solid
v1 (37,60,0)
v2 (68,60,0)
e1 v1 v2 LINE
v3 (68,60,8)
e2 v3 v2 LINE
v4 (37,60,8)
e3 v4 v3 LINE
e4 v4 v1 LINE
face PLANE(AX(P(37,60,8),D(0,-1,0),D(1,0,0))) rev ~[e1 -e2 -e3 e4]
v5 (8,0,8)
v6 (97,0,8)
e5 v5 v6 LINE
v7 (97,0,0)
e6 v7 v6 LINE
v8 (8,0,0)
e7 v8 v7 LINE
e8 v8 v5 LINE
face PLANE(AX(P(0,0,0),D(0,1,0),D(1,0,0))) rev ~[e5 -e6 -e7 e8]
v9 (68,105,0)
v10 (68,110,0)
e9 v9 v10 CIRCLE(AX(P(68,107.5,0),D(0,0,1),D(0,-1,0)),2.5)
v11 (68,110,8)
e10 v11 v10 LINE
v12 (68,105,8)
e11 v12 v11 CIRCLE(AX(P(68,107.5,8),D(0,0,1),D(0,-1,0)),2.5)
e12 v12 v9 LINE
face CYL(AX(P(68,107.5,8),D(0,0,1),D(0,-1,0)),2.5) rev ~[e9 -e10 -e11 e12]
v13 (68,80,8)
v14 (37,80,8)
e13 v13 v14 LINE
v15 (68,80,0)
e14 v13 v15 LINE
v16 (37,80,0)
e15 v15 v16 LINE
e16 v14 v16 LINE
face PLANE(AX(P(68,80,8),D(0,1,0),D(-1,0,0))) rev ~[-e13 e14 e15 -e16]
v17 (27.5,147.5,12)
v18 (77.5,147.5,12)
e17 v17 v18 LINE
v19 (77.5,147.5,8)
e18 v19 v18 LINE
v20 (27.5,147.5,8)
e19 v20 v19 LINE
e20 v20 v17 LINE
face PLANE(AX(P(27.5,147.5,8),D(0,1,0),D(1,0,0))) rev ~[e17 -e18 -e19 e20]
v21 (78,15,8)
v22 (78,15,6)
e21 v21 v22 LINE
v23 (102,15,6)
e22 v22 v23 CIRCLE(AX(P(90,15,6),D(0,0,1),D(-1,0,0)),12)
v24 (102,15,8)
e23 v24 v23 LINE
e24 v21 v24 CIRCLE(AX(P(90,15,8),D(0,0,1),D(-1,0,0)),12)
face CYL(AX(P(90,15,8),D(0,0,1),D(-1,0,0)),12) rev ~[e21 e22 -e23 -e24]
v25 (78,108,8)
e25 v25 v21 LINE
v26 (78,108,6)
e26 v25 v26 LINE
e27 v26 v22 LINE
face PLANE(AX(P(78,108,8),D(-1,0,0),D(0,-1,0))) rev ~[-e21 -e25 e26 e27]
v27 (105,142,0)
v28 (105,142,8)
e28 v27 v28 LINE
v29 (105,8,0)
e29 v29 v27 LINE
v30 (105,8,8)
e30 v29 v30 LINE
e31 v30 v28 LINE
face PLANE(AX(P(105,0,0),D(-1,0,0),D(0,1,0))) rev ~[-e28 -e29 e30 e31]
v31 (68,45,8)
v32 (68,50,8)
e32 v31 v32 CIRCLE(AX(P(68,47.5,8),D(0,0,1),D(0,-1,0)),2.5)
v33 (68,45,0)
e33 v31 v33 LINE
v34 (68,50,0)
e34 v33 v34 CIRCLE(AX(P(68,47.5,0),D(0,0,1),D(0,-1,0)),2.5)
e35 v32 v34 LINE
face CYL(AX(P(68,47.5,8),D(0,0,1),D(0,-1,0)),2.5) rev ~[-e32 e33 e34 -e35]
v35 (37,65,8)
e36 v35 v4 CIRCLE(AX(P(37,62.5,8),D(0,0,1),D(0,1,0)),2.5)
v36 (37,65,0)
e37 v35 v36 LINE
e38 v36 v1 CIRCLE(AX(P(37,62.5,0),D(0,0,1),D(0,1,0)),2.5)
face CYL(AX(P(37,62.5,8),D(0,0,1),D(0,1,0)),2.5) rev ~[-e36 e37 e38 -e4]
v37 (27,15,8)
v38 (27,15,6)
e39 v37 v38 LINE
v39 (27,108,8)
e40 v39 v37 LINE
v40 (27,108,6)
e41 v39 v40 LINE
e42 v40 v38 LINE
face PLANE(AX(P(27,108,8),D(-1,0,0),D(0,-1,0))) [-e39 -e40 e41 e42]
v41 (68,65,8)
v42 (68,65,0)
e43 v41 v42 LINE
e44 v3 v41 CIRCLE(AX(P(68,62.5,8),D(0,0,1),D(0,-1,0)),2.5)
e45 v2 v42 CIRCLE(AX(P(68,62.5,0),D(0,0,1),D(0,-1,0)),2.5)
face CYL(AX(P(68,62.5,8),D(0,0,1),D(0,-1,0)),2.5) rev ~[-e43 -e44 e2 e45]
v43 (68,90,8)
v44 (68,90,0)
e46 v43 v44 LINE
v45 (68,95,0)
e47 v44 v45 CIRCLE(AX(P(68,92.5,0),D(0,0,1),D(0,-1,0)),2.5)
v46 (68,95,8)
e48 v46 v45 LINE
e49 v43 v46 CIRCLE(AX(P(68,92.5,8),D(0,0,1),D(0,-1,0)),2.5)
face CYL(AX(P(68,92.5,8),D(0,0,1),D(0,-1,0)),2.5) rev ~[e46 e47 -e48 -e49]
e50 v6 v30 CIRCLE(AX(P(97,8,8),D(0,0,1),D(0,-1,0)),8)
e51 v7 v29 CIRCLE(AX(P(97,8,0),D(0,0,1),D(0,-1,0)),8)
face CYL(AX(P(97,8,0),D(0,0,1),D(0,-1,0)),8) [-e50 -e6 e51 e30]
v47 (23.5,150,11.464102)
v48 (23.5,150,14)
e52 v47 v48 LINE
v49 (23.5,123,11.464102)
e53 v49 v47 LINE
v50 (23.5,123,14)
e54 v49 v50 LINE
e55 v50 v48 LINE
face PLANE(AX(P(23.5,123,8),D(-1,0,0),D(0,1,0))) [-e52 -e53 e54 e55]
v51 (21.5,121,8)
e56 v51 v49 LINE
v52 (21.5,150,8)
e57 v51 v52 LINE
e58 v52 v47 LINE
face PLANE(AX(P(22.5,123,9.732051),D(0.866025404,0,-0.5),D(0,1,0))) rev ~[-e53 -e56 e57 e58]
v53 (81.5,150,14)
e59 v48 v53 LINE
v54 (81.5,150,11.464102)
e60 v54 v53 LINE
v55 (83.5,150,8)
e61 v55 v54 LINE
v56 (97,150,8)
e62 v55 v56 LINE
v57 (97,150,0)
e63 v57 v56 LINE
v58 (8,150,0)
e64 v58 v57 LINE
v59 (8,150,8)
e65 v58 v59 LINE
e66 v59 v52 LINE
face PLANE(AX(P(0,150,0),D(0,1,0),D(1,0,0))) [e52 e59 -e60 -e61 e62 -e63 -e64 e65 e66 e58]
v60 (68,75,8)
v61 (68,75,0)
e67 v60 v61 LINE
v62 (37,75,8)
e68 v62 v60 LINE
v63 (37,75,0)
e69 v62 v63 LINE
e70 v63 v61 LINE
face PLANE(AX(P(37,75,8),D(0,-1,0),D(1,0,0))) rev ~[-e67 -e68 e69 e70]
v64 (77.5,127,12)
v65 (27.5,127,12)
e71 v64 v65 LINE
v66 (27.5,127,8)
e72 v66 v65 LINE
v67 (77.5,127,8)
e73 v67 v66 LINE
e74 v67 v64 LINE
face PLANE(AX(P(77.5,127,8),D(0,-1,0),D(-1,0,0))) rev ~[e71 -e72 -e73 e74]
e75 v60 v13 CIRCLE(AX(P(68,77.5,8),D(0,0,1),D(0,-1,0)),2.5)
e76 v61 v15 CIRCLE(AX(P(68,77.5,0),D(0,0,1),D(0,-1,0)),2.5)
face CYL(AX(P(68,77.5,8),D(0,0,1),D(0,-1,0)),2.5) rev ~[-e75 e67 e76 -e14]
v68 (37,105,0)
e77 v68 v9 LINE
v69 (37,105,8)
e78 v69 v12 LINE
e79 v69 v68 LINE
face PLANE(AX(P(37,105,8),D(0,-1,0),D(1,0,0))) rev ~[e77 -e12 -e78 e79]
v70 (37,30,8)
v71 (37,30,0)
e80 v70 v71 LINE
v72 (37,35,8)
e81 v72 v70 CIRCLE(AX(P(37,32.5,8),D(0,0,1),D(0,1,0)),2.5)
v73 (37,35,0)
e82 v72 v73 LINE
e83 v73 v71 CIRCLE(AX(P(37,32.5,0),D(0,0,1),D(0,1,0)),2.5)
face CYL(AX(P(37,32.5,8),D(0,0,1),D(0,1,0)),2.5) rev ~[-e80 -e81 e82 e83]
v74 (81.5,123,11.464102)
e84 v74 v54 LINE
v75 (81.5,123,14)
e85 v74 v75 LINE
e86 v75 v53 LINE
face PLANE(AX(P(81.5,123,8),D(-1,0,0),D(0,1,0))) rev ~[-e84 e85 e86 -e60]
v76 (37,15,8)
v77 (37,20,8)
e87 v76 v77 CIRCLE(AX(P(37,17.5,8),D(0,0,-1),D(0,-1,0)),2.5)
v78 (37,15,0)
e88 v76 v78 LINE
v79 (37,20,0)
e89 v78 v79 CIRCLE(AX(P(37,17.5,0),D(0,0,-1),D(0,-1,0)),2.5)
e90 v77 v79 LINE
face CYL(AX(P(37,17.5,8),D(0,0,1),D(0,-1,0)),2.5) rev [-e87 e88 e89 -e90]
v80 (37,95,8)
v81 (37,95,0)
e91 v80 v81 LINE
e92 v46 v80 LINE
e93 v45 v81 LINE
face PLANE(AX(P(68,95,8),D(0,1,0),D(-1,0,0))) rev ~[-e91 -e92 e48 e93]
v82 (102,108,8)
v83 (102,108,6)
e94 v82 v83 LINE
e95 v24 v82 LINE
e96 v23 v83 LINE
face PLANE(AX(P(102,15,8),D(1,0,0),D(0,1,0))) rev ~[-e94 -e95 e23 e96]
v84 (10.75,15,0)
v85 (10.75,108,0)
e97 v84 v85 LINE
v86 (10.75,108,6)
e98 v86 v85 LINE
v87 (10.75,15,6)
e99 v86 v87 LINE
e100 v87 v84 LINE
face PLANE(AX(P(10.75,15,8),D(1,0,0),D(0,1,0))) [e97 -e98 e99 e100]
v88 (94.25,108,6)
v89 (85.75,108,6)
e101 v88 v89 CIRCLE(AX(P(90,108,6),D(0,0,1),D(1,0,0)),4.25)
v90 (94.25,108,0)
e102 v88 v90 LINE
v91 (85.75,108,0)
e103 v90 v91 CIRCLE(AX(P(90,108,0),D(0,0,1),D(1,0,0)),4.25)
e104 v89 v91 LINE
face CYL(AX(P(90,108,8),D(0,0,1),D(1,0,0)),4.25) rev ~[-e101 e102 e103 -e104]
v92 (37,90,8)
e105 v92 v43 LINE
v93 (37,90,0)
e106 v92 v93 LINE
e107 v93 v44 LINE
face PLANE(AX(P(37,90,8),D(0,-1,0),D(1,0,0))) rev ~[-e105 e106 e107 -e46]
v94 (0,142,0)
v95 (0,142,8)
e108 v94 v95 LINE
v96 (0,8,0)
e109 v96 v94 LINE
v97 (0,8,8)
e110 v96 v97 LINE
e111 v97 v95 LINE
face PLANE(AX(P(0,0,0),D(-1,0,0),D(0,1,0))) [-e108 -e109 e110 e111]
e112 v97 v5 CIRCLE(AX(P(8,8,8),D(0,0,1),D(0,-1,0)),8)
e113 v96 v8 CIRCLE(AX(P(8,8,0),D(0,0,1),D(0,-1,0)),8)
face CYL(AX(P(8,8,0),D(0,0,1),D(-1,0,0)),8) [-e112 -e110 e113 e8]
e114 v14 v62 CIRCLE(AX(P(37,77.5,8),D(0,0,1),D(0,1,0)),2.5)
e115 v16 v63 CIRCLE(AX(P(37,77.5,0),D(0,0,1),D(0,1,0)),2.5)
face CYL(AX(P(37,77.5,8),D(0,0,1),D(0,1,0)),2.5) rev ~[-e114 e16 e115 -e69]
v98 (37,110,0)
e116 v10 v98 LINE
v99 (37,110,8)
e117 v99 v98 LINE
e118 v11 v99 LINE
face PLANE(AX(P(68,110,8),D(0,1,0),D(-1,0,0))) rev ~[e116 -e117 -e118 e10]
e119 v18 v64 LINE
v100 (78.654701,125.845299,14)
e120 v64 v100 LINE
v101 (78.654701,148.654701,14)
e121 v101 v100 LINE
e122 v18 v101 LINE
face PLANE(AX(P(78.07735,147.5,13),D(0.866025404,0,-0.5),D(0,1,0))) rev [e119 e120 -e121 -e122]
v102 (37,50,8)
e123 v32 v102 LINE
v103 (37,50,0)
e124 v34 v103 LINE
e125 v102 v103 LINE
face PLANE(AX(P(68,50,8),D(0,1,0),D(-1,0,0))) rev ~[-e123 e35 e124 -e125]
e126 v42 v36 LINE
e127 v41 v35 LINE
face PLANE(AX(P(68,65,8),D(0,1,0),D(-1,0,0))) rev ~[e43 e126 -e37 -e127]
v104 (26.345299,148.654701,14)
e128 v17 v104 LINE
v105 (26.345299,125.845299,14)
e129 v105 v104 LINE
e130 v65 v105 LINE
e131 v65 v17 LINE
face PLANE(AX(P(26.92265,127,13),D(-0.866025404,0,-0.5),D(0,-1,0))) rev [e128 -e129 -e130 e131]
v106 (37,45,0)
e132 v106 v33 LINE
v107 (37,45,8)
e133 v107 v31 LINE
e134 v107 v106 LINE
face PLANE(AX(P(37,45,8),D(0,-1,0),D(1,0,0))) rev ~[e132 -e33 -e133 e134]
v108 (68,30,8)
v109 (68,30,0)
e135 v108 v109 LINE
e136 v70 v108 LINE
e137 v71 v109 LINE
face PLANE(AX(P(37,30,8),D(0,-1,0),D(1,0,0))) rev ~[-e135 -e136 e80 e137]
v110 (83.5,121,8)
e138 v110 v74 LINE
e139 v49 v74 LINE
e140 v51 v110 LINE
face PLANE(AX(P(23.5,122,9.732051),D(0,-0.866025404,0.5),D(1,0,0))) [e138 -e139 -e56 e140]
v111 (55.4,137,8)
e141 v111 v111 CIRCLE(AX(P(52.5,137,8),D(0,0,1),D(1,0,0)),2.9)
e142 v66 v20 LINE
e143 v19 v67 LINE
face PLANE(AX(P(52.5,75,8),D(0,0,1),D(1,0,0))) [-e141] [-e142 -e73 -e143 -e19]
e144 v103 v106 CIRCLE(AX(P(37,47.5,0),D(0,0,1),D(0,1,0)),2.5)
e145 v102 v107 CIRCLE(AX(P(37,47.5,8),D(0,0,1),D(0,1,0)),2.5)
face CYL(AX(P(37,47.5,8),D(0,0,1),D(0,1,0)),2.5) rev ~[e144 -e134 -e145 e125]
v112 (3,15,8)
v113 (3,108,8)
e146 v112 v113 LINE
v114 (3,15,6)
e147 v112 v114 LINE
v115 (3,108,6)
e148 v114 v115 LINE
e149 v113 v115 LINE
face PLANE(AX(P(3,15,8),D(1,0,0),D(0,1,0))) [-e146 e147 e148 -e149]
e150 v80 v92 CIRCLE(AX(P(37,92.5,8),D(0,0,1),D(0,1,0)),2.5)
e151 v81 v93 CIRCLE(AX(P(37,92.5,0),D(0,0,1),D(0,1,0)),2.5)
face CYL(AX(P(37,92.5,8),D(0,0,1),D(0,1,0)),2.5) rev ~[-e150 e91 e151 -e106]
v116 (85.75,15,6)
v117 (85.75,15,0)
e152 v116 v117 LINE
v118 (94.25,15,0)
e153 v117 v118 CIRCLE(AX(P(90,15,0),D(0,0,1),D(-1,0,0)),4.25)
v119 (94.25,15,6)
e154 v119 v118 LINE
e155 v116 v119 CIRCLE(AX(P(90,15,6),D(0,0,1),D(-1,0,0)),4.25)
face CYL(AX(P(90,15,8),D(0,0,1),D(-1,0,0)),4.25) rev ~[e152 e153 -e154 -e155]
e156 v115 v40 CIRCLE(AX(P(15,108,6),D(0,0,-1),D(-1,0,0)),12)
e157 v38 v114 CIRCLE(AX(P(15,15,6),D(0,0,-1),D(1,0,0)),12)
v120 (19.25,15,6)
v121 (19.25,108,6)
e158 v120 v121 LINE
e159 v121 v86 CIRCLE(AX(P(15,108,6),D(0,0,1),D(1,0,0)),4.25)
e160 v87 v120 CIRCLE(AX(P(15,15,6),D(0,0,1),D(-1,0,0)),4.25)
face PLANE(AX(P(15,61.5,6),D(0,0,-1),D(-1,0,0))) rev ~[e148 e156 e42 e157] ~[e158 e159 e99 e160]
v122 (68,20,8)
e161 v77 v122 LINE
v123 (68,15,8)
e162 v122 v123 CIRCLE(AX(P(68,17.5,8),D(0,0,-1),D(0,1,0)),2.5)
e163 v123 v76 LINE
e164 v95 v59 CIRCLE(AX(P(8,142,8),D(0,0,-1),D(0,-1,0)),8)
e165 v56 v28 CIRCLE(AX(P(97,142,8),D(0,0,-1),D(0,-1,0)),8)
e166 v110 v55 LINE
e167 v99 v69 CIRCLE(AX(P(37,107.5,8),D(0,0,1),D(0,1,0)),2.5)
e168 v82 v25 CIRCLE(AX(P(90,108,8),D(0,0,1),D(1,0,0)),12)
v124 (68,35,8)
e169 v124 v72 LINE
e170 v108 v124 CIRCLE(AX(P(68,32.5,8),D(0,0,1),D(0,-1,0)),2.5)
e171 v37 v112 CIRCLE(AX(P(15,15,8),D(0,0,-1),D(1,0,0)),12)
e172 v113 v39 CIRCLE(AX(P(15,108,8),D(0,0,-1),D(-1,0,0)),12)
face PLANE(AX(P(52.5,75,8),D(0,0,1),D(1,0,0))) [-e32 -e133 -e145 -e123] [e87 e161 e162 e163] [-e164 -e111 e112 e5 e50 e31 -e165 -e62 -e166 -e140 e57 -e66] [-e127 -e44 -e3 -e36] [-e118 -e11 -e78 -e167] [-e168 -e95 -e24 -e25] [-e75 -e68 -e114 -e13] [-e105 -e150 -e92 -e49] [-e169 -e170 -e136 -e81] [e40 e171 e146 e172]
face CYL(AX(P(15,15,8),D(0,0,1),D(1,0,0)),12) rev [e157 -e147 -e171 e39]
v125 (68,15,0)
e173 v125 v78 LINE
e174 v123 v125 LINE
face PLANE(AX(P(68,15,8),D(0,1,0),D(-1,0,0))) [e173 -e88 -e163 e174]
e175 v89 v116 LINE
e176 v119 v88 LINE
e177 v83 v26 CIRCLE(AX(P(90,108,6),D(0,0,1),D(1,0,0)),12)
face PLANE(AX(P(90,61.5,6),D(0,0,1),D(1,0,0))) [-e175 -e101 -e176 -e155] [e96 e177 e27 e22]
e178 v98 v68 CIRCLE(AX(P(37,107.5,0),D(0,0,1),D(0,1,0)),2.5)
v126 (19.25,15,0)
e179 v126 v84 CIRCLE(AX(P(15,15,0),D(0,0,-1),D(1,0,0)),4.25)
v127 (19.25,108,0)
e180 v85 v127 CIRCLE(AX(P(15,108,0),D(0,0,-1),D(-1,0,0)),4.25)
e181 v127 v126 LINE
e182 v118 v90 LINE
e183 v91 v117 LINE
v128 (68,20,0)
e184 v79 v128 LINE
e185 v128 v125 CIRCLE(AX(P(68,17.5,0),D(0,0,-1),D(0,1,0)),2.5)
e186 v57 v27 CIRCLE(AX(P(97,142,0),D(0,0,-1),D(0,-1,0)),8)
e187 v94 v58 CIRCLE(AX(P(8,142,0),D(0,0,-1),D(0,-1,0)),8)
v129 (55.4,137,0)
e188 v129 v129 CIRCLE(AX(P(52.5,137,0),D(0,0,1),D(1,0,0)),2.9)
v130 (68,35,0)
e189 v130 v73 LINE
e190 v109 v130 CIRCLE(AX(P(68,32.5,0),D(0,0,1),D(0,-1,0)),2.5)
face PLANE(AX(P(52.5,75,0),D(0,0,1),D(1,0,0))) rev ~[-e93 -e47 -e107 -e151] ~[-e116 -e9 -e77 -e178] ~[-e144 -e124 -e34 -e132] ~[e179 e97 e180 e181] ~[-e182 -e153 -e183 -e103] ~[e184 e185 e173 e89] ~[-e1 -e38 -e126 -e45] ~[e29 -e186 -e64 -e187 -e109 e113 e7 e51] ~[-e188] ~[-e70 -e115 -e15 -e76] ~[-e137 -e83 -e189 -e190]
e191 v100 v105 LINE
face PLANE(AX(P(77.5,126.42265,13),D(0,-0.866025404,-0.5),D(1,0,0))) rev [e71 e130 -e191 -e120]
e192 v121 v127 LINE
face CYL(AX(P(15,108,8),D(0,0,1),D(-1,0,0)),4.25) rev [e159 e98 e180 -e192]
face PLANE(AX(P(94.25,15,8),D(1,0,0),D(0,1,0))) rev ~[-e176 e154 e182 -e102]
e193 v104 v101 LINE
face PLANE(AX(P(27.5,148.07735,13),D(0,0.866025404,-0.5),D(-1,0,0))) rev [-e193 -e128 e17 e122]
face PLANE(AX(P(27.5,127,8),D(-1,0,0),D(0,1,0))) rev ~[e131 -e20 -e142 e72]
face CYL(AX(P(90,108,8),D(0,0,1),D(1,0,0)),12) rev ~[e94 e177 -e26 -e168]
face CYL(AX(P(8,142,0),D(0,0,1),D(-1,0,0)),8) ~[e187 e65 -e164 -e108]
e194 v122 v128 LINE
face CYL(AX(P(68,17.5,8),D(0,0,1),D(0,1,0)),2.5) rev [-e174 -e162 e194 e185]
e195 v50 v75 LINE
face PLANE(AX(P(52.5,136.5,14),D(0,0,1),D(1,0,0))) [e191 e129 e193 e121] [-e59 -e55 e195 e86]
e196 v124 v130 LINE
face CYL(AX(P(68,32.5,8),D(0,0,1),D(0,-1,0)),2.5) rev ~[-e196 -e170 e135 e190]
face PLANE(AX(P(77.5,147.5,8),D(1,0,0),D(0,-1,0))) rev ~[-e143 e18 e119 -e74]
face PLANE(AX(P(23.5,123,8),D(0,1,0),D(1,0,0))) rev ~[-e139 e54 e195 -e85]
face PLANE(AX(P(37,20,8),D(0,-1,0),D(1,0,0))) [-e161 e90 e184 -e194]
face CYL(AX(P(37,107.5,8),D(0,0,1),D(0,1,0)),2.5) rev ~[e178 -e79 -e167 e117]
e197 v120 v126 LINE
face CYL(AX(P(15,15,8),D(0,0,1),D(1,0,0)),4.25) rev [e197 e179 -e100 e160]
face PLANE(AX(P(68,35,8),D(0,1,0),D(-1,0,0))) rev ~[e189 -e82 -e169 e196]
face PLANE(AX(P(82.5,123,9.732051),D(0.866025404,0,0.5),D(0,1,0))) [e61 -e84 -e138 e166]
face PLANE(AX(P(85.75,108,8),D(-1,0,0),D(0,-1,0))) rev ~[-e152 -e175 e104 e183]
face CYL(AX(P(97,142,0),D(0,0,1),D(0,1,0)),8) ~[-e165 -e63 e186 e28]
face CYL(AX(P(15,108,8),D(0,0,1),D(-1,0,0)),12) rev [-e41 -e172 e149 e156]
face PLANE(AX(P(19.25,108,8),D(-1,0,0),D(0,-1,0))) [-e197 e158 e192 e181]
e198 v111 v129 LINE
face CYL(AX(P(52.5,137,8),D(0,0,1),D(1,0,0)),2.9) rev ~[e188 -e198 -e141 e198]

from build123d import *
from OCP.BRepFilletAPI import BRepFilletAPI_MakeChamfer

# Parameters (mm, degrees)
CROQUIS1_W              = 105
CROQUIS1_H              = 150
SALIENTE_EXTRUIR1_DEPTH = 8
CROQUIS2_R              = 2.9
CORTAR_EXTRUIR4_DEPTH   = 8
CROQUIS3_W              = 58
CROQUIS3_H              = 27
SALIENTE_EXTRUIR2_DEPTH = 6
REDONDEO1_R             = 8
REDONDEO2_R             = 8
REDONDEO3_R             = 8
REDONDEO4_R             = 8
CORTAR_EXTRUIR5_DEPTH   = 2
CHAFL_N1_SIZE           = 2
CHAFL_N1_SIZE2          = 1.154700538
CHAFL_N2_SIZE           = 2
CHAFL_N2_SIZE2          = 3.464101615
CORTAR_EXTRUIR6_DEPTH   = 8


with BuildPart() as part:
    # Croquis1 → Saliente-Extruir1 (new body)
    with BuildSketch(Plane.XY):
        with Locations((52.5, 75)):
            Rectangle(CROQUIS1_W, CROQUIS1_H)
    extrude(amount=SALIENTE_EXTRUIR1_DEPTH)

    # Croquis2 → Cortar-Extruir4 (cut)
    with BuildSketch(Plane.XY.offset(8)):
        with Locations((52.5, 137)):
            Circle(CROQUIS2_R)
        with BuildLine():
            Line((19.25, 108), (19.25, 15))
            ThreePointArc((19.25, 15), (15, 10.75), (10.75, 15))
            Line((10.75, 15), (10.75, 108))
            ThreePointArc((10.75, 108), (15, 112.25), (19.25, 108))
        make_face()
        with BuildLine():
            Line((85.75, 108), (85.75, 15))
            ThreePointArc((85.75, 15), (90, 10.75), (94.25, 15))
            Line((94.25, 15), (94.25, 108))
            ThreePointArc((94.25, 108), (90, 112.25), (85.75, 108))
        make_face()
    extrude(amount=-CORTAR_EXTRUIR4_DEPTH, mode=Mode.SUBTRACT)

    # Croquis3 → Saliente-Extruir2 (add)
    with BuildSketch(Plane.XY.offset(8)):
        with Locations((52.5, 136.5)):
            Rectangle(CROQUIS3_W, CROQUIS3_H)
        Polygon((77.5, 127), (52.5, 127), (27.5, 127), (27.5, 147.5), (77.5, 147.5), align=None, mode=Mode.SUBTRACT)
    extrude(amount=SALIENTE_EXTRUIR2_DEPTH)

    # Redondeo1
    redondeo1_edges = [part.edges().sort_by_distance(p)[0] for p in [
        (0, 150, 4),
    ]]
    fillet(redondeo1_edges, radius=REDONDEO1_R)

    # Redondeo2
    redondeo2_edges = [part.edges().sort_by_distance(p)[0] for p in [
        (105, 150, 4),
    ]]
    fillet(redondeo2_edges, radius=REDONDEO2_R)

    # Redondeo3
    redondeo3_edges = [part.edges().sort_by_distance(p)[0] for p in [
        (0, 0, 4),
    ]]
    fillet(redondeo3_edges, radius=REDONDEO3_R)

    # Redondeo4
    redondeo4_edges = [part.edges().sort_by_distance(p)[0] for p in [
        (105, 0, 4),
    ]]
    fillet(redondeo4_edges, radius=REDONDEO4_R)

    # Croquis4 → Cortar-Extruir5 (cut)
    # profile 1 of 2: a face of its own
    with BuildSketch(Plane.XY.offset(8)):
        with BuildLine():
            Line((27, 108), (27, 15))
            ThreePointArc((27, 15), (15, 3), (3, 15))
            Line((3, 15), (3, 108))
            ThreePointArc((3, 108), (15, 120), (27, 108))
        make_face()
        with BuildLine():
            Line((10.75, 108), (10.75, 15))
            ThreePointArc((10.75, 15), (15, 10.75), (19.25, 15))
            Line((19.25, 15), (19.25, 108))
            ThreePointArc((19.25, 108), (15, 112.25), (10.75, 108))
        make_face(mode=Mode.SUBTRACT)
    # profile 2 of 2: a face of its own
    with BuildSketch(Plane.XY.offset(8)):
        with BuildLine():
            Line((78, 108), (78, 15))
            ThreePointArc((78, 15), (90, 3), (102, 15))
            Line((102, 15), (102, 108))
            ThreePointArc((102, 108), (90, 120), (78, 108))
        make_face()
        with BuildLine():
            Line((85.75, 108), (85.75, 15))
            ThreePointArc((85.75, 15), (90, 10.75), (94.25, 15))
            Line((94.25, 15), (94.25, 108))
            ThreePointArc((94.25, 108), (90, 112.25), (85.75, 108))
        make_face(mode=Mode.SUBTRACT)
    extrude(amount=-CORTAR_EXTRUIR5_DEPTH, mode=Mode.SUBTRACT)

    # Chaflán1: one chamfer whose edges measure the first distance from different faces: ONE call of the kernel's chamfer builder (chamfer() names one face for all edges)
    chafl_n1_edges_1 = [part.edges().sort_by_distance(p)[0] for p in [
        (52.5, 127, 14),
    ]]
    chafl_n1_side_1 = [part.faces().sort_by_distance(p)[0] for p in [
        (52.5, 127, 11),
    ]]
    chafl_n1_edges_2 = [part.edges().sort_by_distance(p)[0] for p in [
        (27.5, 137.25, 14),
    ]]
    chafl_n1_side_2 = [part.faces().sort_by_distance(p)[0] for p in [
        (27.5, 137.25, 11),
    ]]
    chafl_n1_edges_3 = [part.edges().sort_by_distance(p)[0] for p in [
        (52.5, 147.5, 14),
    ]]
    chafl_n1_side_3 = [part.faces().sort_by_distance(p)[0] for p in [
        (52.5, 147.5, 11),
    ]]
    chafl_n1_edges_4 = [part.edges().sort_by_distance(p)[0] for p in [
        (77.5, 137.25, 14),
    ]]
    chafl_n1_side_4 = [part.faces().sort_by_distance(p)[0] for p in [
        (77.5, 137.25, 11),
    ]]
    chafl_n1 = BRepFilletAPI_MakeChamfer(part.part.solid().wrapped)
    for e in chafl_n1_edges_1:
        chafl_n1.Add(CHAFL_N1_SIZE, CHAFL_N1_SIZE2, e.wrapped, chafl_n1_side_1[0].wrapped)  # the first distance lies on this face
    for e in chafl_n1_edges_2:
        chafl_n1.Add(CHAFL_N1_SIZE, CHAFL_N1_SIZE2, e.wrapped, chafl_n1_side_2[0].wrapped)  # the first distance lies on this face
    for e in chafl_n1_edges_3:
        chafl_n1.Add(CHAFL_N1_SIZE, CHAFL_N1_SIZE2, e.wrapped, chafl_n1_side_3[0].wrapped)  # the first distance lies on this face
    for e in chafl_n1_edges_4:
        chafl_n1.Add(CHAFL_N1_SIZE, CHAFL_N1_SIZE2, e.wrapped, chafl_n1_side_4[0].wrapped)  # the first distance lies on this face
    add(Compound.cast(chafl_n1.Shape()), mode=Mode.REPLACE)

    # Chaflán2
    chafl_n2_edges = [part.edges().sort_by_distance(p)[0] for p in [
        (52.5, 123, 8),
        (81.5, 136.5, 8),
        (23.5, 136.5, 8),
    ]]
    chafl_n2_side = [part.faces().sort_by_distance(p)[0] for p in [
        (52.5, 72.279712642, 8),
    ]]
    chamfer(chafl_n2_edges, length=CHAFL_N2_SIZE, length2=CHAFL_N2_SIZE2, reference=chafl_n2_side[0])

    # Croquis6 → Cortar-Extruir6 (cut)
    with BuildSketch(Plane.XY.offset(8)):
        with BuildLine():
            Line((37, 20), (68, 20))
            ThreePointArc((68, 20), (70.5, 17.5), (68, 15))
            Line((68, 15), (37, 15))
            ThreePointArc((37, 15), (34.5, 17.5), (37, 20))
        make_face()
        with BuildLine():
            Line((37, 30), (68, 30))
            ThreePointArc((68, 30), (70.5, 32.5), (68, 35))
            Line((68, 35), (37, 35))
            ThreePointArc((37, 35), (34.5, 32.5), (37, 30))
        make_face()
        with BuildLine():
            Line((37, 45), (68, 45))
            ThreePointArc((68, 45), (70.5, 47.5), (68, 50))
            Line((68, 50), (37, 50))
            ThreePointArc((37, 50), (34.5, 47.5), (37, 45))
        make_face()
        with BuildLine():
            Line((37, 60), (68, 60))
            ThreePointArc((68, 60), (70.5, 62.5), (68, 65))
            Line((68, 65), (37, 65))
            ThreePointArc((37, 65), (34.5, 62.5), (37, 60))
        make_face()
        with BuildLine():
            Line((37, 75), (68, 75))
            ThreePointArc((68, 75), (70.5, 77.5), (68, 80))
            Line((68, 80), (37, 80))
            ThreePointArc((37, 80), (34.5, 77.5), (37, 75))
        make_face()
        with BuildLine():
            Line((37, 90), (68, 90))
            ThreePointArc((68, 90), (70.5, 92.5), (68, 95))
            Line((68, 95), (37, 95))
            ThreePointArc((37, 95), (34.5, 92.5), (37, 90))
        make_face()
        with BuildLine():
            Line((37, 105), (68, 105))
            ThreePointArc((68, 105), (70.5, 107.5), (68, 110))
            Line((68, 110), (37, 110))
            ThreePointArc((37, 110), (34.5, 107.5), (37, 105))
        make_face()
    extrude(amount=-CORTAR_EXTRUIR6_DEPTH, mode=Mode.SUBTRACT)


solid = part.part
